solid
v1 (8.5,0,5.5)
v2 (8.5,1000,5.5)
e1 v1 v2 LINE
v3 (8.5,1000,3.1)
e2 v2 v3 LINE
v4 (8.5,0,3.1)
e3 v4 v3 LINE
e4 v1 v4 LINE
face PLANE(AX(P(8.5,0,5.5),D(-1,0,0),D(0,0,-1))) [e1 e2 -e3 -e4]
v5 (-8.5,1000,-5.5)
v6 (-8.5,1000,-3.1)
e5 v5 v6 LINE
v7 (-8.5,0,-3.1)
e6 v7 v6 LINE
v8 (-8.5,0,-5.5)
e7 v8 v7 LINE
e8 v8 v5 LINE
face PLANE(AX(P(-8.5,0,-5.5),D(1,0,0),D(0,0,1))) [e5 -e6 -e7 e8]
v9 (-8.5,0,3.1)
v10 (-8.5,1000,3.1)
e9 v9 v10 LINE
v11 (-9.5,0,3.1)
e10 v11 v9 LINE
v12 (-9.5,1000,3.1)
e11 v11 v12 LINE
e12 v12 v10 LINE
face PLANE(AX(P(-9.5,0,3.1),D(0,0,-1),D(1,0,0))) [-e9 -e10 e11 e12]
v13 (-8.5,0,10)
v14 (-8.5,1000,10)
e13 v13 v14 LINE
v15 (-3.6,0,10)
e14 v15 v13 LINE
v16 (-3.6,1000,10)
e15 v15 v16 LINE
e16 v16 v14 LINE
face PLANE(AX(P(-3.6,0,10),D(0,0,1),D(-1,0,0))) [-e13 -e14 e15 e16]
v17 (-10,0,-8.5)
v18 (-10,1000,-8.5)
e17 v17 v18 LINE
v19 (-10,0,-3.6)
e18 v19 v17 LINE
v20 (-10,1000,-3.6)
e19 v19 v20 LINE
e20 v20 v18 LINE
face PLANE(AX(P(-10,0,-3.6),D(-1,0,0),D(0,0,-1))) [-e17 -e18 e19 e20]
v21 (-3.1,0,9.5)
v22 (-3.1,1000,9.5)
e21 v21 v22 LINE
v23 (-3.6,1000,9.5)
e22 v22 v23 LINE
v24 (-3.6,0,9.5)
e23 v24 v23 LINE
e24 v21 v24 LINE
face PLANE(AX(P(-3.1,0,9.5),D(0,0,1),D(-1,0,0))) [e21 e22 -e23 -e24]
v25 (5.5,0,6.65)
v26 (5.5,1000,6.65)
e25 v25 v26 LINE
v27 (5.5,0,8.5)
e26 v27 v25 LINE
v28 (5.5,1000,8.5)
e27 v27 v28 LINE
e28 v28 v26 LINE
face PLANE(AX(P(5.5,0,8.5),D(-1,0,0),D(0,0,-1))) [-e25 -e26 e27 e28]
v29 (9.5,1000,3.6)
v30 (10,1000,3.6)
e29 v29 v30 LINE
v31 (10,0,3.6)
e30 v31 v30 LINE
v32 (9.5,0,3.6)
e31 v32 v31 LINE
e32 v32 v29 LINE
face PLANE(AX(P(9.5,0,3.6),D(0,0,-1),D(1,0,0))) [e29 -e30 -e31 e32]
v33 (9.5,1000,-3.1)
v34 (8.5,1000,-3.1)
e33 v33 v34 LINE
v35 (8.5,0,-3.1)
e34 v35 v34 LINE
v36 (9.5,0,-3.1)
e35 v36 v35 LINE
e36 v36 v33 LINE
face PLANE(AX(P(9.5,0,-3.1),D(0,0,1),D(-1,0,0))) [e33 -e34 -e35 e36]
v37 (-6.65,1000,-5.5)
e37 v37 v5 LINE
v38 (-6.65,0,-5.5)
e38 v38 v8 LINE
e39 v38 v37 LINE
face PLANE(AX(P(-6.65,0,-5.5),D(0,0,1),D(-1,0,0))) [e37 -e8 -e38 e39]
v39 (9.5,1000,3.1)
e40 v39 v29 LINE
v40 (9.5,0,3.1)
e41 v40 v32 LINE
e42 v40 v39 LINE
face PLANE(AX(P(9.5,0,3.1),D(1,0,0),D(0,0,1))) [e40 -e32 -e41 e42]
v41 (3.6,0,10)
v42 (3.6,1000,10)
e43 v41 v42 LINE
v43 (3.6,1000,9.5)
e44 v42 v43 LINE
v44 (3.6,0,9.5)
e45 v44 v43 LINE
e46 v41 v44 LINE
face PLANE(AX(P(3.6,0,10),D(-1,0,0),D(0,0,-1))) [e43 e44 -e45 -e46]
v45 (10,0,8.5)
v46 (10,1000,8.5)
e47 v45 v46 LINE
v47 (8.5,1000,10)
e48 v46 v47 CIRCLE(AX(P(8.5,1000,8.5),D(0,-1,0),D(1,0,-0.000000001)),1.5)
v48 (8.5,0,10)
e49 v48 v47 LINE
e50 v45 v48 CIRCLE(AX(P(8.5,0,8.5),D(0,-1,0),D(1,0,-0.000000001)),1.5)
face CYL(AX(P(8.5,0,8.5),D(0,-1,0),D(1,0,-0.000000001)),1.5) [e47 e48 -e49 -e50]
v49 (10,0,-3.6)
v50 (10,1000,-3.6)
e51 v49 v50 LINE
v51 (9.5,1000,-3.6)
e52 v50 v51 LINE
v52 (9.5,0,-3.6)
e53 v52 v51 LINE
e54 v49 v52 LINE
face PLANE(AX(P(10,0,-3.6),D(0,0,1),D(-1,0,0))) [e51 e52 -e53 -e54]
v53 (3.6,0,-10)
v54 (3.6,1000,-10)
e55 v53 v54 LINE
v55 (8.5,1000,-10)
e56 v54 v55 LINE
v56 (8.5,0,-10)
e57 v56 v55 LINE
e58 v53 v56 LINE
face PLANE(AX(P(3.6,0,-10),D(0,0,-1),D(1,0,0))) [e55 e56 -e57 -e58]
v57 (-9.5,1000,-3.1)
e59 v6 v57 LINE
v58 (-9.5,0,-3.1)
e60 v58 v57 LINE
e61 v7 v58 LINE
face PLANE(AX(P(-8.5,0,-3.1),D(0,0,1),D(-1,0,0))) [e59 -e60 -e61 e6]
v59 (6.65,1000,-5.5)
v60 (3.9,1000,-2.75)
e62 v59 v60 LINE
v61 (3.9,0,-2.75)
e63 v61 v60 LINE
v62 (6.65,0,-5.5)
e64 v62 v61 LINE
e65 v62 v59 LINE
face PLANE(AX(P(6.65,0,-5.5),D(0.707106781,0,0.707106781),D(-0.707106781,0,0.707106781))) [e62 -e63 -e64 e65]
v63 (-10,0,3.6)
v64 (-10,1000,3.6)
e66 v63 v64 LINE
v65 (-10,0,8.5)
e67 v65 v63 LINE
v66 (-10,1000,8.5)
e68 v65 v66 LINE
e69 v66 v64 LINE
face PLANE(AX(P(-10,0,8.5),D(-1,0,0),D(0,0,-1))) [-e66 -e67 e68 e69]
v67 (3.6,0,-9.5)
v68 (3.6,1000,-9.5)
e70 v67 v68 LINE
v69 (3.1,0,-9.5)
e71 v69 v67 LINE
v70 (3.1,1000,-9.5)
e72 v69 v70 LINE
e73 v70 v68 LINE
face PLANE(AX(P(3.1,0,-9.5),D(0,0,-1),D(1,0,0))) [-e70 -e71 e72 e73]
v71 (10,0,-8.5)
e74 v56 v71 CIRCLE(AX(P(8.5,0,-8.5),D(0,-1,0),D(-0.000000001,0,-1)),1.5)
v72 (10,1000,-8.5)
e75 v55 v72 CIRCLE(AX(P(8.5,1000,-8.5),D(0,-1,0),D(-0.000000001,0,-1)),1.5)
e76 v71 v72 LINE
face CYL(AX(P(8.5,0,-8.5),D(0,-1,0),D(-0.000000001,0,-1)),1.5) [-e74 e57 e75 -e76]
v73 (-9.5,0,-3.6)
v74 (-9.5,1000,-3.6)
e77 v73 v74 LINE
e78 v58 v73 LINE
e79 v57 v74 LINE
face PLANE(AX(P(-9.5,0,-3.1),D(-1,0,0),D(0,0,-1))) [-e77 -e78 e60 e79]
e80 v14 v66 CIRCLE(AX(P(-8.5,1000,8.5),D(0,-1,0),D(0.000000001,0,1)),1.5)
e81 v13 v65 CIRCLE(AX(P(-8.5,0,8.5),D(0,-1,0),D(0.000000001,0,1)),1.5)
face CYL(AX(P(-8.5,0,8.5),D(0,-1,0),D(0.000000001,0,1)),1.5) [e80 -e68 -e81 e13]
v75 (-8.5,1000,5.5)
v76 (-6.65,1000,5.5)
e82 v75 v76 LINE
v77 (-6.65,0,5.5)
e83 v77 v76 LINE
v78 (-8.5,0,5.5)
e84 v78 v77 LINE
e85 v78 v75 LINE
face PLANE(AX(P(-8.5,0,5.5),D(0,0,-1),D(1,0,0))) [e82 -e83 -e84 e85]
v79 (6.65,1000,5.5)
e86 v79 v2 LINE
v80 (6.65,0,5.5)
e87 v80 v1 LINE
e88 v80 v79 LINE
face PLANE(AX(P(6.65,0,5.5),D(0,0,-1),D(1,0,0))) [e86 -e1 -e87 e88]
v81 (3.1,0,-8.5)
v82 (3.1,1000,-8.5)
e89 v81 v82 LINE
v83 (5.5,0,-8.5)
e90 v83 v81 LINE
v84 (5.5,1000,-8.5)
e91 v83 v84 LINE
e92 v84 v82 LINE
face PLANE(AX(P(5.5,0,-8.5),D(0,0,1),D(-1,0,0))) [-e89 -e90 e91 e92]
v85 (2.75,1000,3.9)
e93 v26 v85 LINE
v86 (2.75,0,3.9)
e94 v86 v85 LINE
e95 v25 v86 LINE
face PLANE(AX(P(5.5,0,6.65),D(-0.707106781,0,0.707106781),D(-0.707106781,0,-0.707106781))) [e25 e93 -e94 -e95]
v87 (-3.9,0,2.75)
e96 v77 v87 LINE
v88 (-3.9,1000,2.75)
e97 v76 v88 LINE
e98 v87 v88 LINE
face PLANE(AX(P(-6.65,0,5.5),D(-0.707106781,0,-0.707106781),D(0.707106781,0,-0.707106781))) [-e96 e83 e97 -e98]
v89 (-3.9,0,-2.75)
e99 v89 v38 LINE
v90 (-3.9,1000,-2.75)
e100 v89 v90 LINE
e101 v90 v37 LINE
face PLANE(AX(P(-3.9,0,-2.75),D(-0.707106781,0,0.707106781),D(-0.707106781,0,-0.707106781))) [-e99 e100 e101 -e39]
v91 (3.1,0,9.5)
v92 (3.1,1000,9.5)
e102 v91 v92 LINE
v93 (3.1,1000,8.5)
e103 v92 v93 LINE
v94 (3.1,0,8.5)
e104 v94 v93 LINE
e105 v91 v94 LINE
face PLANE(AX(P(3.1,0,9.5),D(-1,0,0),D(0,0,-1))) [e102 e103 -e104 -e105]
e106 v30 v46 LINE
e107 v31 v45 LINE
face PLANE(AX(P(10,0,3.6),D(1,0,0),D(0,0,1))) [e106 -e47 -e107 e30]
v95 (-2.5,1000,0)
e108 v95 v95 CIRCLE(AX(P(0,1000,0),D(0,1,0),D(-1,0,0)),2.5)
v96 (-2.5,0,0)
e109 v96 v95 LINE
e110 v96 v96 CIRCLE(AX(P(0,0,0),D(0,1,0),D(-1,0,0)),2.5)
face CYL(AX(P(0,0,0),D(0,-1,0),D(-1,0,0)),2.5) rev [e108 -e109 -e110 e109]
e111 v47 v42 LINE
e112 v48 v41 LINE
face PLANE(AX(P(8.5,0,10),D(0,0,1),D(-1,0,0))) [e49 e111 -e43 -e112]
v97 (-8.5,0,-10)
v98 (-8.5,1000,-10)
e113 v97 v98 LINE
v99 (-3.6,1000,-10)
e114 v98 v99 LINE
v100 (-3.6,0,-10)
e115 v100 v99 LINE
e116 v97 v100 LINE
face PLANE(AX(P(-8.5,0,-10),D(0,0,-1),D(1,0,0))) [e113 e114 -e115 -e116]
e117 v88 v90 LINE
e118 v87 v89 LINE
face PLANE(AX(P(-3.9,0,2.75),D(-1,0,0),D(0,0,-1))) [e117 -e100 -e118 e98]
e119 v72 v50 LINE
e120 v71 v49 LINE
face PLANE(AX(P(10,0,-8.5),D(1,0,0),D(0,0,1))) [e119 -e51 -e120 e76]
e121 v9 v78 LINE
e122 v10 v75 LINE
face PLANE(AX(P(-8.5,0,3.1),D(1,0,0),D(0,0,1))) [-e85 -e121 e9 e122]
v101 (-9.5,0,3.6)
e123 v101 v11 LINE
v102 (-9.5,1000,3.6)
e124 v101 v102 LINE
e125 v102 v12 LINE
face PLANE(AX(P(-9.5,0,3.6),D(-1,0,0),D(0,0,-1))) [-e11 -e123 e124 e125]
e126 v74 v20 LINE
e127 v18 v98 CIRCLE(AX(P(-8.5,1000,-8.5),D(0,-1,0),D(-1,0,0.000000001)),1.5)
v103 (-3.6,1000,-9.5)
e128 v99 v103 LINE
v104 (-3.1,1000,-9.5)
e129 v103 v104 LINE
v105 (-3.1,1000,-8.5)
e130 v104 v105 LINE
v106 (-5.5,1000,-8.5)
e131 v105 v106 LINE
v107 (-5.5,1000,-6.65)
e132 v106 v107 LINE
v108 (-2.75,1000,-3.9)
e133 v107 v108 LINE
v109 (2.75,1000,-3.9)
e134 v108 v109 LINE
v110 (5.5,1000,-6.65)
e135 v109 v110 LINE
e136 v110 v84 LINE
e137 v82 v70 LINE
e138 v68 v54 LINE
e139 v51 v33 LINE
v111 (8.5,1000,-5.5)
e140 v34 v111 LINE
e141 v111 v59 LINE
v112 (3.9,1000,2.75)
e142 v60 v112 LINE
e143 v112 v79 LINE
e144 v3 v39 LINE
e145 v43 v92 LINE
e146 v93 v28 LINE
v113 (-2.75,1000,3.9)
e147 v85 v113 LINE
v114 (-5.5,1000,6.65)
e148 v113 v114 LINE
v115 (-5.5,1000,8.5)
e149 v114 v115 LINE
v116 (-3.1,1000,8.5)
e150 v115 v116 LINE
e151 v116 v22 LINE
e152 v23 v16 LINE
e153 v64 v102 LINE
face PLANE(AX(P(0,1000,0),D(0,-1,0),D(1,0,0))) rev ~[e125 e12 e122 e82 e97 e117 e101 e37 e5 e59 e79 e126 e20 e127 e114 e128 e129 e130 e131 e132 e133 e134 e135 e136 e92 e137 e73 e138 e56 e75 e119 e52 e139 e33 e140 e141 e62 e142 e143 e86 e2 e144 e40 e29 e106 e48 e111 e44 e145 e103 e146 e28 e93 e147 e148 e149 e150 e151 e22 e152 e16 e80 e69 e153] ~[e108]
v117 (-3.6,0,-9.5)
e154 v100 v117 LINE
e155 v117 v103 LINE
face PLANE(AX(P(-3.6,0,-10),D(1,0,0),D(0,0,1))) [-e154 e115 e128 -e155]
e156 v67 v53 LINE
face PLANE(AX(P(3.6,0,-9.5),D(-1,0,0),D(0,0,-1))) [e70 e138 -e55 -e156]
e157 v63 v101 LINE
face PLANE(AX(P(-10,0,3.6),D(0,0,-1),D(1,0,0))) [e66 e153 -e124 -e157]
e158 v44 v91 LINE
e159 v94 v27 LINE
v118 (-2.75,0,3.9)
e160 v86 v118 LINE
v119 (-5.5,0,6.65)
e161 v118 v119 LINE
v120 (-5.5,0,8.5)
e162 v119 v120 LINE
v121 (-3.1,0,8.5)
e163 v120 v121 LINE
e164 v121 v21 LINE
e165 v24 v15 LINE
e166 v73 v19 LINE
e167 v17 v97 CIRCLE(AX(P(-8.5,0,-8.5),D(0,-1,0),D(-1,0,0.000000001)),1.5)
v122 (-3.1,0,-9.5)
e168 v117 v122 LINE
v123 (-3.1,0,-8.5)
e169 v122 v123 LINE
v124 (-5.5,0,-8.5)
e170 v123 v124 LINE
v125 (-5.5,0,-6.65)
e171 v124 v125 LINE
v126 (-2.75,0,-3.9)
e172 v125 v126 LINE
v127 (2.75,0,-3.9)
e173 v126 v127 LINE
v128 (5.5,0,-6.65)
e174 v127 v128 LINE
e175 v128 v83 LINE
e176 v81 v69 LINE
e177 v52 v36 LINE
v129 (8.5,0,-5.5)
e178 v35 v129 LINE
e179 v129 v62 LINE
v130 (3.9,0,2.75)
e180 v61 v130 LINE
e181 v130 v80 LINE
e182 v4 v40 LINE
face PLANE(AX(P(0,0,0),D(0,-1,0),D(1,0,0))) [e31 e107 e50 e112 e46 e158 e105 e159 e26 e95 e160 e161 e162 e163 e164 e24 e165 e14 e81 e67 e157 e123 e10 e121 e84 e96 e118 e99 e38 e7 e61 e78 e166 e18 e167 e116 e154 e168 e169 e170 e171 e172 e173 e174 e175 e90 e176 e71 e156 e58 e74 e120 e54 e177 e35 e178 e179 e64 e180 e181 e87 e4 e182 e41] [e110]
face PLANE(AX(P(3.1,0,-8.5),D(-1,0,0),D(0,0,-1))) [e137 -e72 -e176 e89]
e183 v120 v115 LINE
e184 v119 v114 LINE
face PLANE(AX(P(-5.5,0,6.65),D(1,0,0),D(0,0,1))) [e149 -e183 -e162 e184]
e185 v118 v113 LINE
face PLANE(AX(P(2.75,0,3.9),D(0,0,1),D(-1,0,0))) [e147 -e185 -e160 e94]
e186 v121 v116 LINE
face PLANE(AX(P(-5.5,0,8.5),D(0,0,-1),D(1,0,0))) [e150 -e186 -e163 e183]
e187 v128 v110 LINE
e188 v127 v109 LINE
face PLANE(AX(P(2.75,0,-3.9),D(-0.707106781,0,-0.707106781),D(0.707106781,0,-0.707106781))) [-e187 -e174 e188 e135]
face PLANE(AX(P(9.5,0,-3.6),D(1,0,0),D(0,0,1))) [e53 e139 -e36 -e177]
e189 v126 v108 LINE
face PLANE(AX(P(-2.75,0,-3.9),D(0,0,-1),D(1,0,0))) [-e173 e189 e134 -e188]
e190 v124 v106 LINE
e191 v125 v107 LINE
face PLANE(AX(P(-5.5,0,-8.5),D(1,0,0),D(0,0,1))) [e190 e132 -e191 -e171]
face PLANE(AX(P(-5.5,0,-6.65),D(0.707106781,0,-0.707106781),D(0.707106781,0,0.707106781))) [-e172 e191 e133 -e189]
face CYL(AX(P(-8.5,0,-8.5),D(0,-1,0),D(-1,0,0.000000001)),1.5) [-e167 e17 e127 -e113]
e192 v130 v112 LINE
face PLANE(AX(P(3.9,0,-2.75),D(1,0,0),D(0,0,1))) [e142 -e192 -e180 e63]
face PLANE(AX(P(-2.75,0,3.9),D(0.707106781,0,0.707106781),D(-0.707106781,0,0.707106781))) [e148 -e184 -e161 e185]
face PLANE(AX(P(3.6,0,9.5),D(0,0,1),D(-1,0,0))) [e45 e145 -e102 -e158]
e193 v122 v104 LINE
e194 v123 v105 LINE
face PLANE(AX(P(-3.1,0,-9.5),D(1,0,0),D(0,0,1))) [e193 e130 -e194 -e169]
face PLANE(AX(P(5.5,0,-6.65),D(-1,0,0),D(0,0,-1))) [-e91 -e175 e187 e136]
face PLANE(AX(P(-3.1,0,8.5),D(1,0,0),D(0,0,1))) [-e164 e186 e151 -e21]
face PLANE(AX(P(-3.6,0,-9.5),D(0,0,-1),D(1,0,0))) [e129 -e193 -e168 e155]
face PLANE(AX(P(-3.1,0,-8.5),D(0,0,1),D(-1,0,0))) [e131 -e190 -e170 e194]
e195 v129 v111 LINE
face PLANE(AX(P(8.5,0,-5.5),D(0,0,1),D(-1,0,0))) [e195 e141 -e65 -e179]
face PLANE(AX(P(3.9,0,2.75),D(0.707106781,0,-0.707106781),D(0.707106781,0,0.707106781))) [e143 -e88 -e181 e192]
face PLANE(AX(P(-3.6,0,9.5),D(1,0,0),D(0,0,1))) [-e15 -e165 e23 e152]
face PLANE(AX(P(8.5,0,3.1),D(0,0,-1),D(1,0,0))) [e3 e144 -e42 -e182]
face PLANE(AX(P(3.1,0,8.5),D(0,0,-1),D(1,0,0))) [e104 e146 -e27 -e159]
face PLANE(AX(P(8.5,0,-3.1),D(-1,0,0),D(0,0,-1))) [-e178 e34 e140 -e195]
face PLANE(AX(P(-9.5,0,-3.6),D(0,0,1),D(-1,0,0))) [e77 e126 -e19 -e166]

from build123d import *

# Parameters (mm, degrees)
SKETCH1_R                = 2.5
F_20_X_20_X_R1_5_1_DEPTH = 1000


with BuildPart() as part:
    # Sketch1 → 铝型材 20 X 20 X R1.5(1) (new body)
    with BuildSketch(Plane(origin=(0, 0, 0), x_dir=(-1, 0, 0), z_dir=(0, 1, 0))):
        with BuildLine():
            Line((-3.6, 10), (-3.6, 9.5))
            Line((-3.6, 9.5), (-3.1, 9.5))
            Line((-3.1, 9.5), (-3.1, 8.5))
            Line((-3.1, 8.5), (-5.5, 8.5))
            Line((-5.5, 8.5), (-5.5, 6.65))
            Line((-5.5, 6.65), (-2.75, 3.9))
            Line((-2.75, 3.9), (2.75, 3.9))
            Line((2.75, 3.9), (5.5, 6.65))
            Line((5.5, 6.65), (5.5, 8.5))
            Line((5.5, 8.5), (3.1, 8.5))
            Line((3.1, 8.5), (3.1, 9.5))
            Line((3.1, 9.5), (3.6, 9.5))
            Line((3.6, 9.5), (3.6, 10))
            Line((3.6, 10), (8.5, 10))
            ThreePointArc((8.5, 10), (9.560660172, 9.560660172), (10, 8.5))
            Line((10, 8.5), (10, 3.6))
            Line((10, 3.6), (9.5, 3.6))
            Line((9.5, 3.6), (9.5, 3.1))
            Line((9.5, 3.1), (8.5, 3.1))
            Line((8.5, 3.1), (8.5, 5.5))
            Line((8.5, 5.5), (6.65, 5.5))
            Line((6.65, 5.5), (3.9, 2.75))
            Line((3.9, 2.75), (3.9, -2.75))
            Line((3.9, -2.75), (6.65, -5.5))
            Line((6.65, -5.5), (8.5, -5.5))
            Line((8.5, -5.5), (8.5, -3.1))
            Line((8.5, -3.1), (9.5, -3.1))
            Line((9.5, -3.1), (9.5, -3.6))
            Line((9.5, -3.6), (10, -3.6))
            Line((10, -3.6), (10, -8.5))
            ThreePointArc((10, -8.5), (9.560660172, -9.560660172), (8.5, -10))
            Line((8.5, -10), (3.6, -10))
            Line((3.6, -10), (3.6, -9.5))
            Line((3.6, -9.5), (3.1, -9.5))
            Line((3.1, -9.5), (3.1, -8.5))
            Line((3.1, -8.5), (5.5, -8.5))
            Line((5.5, -8.5), (5.5, -6.65))
            Line((5.5, -6.65), (2.75, -3.9))
            Line((2.75, -3.9), (-2.75, -3.9))
            Line((-2.75, -3.9), (-5.5, -6.65))
            Line((-5.5, -6.65), (-5.5, -8.5))
            Line((-5.5, -8.5), (-3.1, -8.5))
            Line((-3.1, -8.5), (-3.1, -9.5))
            Line((-3.1, -9.5), (-3.6, -9.5))
            Line((-3.6, -9.5), (-3.6, -10))
            Line((-3.6, -10), (-8.5, -10))
            ThreePointArc((-8.5, -10), (-9.560660172, -9.560660172), (-10, -8.5))
            Line((-10, -8.5), (-10, -3.6))
            Line((-10, -3.6), (-9.5, -3.6))
            Line((-9.5, -3.6), (-9.5, -3.1))
            Line((-9.5, -3.1), (-8.5, -3.1))
            Line((-8.5, -3.1), (-8.5, -5.5))
            Line((-8.5, -5.5), (-6.65, -5.5))
            Line((-6.65, -5.5), (-3.9, -2.75))
            Line((-3.9, -2.75), (-3.9, 2.75))
            Line((-3.9, 2.75), (-6.65, 5.5))
            Line((-6.65, 5.5), (-8.5, 5.5))
            Line((-8.5, 5.5), (-8.5, 3.1))
            Line((-8.5, 3.1), (-9.5, 3.1))
            Line((-9.5, 3.1), (-9.5, 3.6))
            Line((-9.5, 3.6), (-10, 3.6))
            Line((-10, 3.6), (-10, 8.5))
            ThreePointArc((-10, 8.5), (-9.560660172, 9.560660172), (-8.5, 10))
            Line((-8.5, 10), (-3.6, 10))
        make_face()
        Circle(SKETCH1_R, mode=Mode.SUBTRACT)
    extrude(amount=F_20_X_20_X_R1_5_1_DEPTH)


solid = part.part
